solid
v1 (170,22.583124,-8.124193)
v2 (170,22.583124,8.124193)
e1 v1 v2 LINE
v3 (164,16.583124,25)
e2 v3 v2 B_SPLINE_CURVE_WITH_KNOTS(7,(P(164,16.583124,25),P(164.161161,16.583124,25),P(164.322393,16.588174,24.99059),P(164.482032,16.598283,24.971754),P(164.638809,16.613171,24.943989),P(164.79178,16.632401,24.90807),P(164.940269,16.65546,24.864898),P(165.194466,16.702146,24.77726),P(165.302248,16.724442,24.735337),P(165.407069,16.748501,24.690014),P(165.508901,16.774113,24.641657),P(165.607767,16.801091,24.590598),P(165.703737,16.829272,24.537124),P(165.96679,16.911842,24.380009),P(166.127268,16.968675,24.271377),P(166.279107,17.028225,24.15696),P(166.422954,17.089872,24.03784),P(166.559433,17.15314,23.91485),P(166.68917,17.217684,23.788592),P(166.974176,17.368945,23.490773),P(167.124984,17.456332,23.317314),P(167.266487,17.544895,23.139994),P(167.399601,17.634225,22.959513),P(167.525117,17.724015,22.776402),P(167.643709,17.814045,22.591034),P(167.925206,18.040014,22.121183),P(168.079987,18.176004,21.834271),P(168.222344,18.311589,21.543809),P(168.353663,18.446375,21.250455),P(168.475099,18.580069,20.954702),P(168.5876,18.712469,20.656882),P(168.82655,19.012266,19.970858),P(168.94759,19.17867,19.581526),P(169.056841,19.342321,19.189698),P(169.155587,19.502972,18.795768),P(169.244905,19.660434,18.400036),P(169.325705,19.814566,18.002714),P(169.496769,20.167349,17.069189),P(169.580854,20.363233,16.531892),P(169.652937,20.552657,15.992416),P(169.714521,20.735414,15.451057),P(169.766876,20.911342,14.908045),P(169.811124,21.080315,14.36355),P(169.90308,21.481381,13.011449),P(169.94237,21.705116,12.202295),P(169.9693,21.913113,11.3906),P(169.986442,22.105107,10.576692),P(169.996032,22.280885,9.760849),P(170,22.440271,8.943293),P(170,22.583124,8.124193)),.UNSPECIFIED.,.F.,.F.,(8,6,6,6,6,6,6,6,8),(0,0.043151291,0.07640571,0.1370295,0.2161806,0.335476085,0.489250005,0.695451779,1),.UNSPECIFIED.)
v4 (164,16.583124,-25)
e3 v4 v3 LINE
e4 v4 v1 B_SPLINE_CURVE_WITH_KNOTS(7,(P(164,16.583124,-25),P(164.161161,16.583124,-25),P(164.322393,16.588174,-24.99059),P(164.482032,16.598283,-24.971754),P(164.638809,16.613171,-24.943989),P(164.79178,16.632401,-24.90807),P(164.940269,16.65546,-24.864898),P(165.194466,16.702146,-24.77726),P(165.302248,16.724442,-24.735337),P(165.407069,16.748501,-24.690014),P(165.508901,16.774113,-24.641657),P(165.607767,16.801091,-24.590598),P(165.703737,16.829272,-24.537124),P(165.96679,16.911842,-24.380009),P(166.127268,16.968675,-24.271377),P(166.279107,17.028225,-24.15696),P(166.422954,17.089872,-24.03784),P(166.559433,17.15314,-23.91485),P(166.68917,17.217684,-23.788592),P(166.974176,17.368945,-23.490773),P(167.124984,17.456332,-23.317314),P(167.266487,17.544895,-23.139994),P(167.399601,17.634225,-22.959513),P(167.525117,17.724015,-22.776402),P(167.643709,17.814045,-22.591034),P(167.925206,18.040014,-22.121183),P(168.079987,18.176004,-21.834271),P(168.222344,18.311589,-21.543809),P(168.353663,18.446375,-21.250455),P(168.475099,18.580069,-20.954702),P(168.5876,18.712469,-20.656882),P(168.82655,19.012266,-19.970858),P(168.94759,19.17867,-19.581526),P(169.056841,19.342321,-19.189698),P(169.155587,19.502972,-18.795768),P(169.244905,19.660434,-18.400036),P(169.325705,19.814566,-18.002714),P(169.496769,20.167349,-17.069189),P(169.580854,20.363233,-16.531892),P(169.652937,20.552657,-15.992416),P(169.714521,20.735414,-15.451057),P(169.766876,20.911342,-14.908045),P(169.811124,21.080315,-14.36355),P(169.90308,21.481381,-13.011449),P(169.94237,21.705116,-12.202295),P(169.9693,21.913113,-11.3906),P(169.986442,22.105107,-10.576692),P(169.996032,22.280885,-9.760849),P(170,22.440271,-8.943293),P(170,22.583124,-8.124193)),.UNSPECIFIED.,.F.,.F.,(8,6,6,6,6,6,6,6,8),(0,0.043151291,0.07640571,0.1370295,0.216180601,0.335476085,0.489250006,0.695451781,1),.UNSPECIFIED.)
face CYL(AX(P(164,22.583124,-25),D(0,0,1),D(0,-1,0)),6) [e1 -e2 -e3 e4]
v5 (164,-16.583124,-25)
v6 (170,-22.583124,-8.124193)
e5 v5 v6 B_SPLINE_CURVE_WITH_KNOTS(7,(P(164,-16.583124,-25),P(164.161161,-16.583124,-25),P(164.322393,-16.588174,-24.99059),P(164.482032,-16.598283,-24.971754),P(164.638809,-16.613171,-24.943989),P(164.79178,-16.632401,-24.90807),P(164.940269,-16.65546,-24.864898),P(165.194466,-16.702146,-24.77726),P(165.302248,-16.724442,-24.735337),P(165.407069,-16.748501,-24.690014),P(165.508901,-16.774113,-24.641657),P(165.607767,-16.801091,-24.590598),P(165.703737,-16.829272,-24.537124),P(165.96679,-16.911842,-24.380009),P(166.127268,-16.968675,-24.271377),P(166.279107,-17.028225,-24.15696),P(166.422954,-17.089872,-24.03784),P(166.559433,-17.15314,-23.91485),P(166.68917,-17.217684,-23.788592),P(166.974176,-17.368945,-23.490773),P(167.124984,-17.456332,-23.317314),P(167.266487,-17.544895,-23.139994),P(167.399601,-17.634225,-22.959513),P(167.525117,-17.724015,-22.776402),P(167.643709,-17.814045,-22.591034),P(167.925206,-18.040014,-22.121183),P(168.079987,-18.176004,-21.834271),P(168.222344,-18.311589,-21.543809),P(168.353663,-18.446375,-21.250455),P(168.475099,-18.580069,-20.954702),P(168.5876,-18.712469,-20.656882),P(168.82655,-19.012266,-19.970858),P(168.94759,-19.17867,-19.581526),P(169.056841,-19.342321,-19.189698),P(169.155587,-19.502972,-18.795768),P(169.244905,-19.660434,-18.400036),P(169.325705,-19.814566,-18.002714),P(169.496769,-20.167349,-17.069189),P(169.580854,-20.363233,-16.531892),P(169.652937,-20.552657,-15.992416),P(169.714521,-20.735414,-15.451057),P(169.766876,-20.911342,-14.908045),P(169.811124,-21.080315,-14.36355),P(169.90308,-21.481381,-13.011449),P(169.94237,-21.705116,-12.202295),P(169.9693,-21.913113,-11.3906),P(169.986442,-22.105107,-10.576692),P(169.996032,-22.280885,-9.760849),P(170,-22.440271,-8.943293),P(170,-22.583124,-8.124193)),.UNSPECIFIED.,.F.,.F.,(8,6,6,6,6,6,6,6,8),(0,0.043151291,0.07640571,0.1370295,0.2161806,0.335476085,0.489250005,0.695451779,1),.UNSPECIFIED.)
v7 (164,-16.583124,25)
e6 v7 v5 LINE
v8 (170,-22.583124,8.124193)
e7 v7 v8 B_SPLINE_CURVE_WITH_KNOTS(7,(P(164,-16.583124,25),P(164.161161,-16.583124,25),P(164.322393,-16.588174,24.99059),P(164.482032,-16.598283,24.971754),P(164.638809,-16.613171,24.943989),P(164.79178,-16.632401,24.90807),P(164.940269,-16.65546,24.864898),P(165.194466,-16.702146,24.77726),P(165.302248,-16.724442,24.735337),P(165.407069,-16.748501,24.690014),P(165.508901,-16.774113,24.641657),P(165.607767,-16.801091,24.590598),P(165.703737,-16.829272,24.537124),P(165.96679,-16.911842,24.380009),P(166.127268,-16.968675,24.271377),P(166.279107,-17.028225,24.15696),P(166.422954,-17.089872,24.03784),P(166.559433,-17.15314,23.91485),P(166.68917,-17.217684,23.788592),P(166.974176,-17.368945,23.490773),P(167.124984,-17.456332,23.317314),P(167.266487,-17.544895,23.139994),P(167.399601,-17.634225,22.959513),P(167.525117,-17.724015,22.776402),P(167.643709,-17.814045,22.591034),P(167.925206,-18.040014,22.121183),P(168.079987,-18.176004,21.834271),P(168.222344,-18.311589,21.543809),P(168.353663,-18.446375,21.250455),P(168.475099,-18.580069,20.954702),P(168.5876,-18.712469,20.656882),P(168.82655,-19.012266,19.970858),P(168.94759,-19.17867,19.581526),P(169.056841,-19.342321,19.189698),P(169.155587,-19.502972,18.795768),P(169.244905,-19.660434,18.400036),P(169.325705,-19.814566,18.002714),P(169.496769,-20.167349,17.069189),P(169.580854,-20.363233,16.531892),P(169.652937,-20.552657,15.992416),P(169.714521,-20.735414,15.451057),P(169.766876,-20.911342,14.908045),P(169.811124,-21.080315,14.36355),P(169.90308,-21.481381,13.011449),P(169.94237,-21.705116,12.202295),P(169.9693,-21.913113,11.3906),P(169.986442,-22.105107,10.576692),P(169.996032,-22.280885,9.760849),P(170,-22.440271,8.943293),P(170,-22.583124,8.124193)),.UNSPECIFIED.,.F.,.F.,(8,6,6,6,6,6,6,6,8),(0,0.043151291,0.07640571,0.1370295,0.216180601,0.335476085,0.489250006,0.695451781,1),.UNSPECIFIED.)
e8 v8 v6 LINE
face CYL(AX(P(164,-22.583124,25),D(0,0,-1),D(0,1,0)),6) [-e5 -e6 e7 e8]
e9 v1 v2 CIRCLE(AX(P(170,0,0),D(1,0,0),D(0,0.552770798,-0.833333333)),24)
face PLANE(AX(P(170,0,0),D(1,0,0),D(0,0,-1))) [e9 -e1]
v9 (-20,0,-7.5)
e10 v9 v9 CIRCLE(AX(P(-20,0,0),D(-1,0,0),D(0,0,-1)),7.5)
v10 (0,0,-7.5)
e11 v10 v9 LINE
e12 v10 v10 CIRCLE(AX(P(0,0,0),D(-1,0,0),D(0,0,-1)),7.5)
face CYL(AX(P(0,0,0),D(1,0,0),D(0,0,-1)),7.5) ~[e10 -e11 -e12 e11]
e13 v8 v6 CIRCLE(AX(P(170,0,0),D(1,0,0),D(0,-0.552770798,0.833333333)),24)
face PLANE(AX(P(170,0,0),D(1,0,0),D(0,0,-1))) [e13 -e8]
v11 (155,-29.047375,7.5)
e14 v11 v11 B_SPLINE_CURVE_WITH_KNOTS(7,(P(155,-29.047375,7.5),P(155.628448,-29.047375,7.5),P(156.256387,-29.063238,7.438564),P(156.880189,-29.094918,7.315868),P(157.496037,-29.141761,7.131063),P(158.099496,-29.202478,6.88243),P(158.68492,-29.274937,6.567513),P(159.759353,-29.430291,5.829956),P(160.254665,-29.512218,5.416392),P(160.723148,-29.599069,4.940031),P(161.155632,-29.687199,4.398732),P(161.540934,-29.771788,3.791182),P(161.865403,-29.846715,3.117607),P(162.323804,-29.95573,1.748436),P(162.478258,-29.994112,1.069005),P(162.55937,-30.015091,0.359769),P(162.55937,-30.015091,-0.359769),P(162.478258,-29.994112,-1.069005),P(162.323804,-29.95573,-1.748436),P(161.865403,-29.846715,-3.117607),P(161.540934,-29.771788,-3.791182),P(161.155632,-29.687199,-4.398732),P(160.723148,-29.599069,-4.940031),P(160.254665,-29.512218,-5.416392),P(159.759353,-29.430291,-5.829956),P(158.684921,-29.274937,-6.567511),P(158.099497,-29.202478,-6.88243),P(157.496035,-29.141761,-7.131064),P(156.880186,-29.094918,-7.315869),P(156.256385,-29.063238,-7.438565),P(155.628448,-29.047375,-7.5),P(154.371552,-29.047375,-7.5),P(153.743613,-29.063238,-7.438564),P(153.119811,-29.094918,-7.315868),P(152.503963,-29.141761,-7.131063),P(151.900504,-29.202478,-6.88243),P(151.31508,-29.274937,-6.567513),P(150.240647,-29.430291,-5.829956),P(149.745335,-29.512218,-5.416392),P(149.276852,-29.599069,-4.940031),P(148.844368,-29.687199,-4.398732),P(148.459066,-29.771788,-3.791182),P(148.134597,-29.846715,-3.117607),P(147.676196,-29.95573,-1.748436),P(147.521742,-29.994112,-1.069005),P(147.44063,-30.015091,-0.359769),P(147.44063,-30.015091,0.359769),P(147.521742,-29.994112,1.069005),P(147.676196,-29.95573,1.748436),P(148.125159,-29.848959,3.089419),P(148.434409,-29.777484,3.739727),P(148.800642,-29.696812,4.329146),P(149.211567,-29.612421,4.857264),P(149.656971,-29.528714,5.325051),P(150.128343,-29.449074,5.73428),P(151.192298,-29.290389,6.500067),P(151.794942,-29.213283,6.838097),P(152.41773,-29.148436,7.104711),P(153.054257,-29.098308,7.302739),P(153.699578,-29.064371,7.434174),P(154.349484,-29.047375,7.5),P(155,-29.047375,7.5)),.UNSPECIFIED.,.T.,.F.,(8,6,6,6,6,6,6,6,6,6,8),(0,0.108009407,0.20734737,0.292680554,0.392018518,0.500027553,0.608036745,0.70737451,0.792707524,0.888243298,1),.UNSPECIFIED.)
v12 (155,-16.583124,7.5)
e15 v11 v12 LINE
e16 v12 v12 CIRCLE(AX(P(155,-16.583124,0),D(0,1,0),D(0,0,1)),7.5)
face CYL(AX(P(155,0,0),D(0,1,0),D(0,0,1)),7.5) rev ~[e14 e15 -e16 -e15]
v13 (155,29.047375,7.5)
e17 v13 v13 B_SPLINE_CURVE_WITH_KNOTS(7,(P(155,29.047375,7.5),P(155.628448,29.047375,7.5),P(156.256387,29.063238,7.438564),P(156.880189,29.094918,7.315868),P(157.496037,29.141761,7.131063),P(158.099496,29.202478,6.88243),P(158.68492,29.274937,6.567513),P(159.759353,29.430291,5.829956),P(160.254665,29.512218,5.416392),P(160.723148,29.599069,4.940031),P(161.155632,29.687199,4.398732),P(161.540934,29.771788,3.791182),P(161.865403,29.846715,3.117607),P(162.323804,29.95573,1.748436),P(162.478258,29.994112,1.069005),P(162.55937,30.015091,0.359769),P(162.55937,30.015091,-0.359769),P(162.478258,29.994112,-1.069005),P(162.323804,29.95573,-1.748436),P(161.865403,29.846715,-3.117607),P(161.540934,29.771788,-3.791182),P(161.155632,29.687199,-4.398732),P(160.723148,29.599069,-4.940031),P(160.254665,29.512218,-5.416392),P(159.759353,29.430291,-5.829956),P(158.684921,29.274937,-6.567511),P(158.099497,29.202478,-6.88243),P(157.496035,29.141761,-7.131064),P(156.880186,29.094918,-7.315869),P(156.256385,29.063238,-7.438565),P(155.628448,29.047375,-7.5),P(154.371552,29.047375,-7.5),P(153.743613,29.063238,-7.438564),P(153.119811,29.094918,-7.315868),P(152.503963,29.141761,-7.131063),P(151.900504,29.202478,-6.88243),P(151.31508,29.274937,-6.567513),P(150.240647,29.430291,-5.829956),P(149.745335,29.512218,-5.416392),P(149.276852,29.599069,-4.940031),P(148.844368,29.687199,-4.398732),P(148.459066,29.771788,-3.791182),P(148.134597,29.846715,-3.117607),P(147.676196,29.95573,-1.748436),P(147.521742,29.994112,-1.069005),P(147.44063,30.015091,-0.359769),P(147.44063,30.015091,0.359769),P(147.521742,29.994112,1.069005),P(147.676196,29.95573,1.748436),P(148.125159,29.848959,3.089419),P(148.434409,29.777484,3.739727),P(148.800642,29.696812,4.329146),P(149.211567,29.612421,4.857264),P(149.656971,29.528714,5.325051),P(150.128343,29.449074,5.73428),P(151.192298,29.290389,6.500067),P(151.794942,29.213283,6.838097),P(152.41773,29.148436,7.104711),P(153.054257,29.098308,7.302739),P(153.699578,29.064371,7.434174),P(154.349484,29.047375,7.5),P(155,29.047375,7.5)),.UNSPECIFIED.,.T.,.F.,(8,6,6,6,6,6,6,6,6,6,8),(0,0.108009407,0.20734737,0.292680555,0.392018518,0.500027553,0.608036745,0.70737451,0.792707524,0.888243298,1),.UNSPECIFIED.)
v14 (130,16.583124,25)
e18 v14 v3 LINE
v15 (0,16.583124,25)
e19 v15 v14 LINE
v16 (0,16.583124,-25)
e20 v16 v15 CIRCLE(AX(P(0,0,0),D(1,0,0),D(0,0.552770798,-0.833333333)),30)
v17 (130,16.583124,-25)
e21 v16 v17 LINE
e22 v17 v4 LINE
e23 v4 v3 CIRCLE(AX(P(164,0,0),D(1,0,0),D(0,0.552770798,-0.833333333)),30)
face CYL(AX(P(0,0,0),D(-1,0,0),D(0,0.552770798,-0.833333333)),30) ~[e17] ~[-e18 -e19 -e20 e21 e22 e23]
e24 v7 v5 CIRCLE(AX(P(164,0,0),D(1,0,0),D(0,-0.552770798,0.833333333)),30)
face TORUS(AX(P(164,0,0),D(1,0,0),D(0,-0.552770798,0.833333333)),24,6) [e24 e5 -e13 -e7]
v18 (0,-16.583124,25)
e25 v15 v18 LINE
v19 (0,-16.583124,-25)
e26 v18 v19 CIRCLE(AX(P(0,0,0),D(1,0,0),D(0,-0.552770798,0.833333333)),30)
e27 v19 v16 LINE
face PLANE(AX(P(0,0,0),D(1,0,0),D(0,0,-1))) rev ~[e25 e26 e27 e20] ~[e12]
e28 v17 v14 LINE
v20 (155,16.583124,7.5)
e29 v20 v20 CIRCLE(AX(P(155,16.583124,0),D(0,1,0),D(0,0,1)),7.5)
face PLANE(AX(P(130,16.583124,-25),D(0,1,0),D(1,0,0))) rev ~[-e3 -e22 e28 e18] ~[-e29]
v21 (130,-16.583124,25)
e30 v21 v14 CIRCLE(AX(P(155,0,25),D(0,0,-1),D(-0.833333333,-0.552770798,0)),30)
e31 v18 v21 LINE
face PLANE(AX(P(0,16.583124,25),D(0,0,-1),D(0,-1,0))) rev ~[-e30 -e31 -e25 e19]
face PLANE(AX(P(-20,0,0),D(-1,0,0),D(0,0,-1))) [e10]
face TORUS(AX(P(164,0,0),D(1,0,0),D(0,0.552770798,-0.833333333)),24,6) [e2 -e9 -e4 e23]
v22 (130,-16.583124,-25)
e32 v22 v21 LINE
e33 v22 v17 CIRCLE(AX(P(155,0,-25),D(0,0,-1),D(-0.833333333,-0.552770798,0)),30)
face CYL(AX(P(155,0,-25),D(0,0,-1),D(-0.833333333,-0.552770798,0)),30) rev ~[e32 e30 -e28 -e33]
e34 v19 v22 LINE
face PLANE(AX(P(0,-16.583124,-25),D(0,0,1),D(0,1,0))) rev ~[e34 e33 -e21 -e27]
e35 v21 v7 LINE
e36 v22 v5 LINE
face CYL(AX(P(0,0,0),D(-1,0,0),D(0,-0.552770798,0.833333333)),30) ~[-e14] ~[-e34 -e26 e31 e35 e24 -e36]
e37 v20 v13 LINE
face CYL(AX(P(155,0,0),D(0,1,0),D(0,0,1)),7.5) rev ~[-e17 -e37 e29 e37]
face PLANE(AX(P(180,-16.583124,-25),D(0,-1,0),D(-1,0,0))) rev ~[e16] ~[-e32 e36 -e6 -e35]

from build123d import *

# Parameters (mm, degrees)
BOSS_EXTRUDE1_DEPTH = 170
SKETCH5_R           = 7.5
BOSS_EXTRUDE2_DEPTH = 20
CUT_EXTRUDE1_DEPTH  = 180.722007556
SKETCH8_R           = 7.5
CUT_EXTRUDE2_DEPTH  = 48.5
FILLET1_R           = 6


with BuildPart() as part:
    # Sketch1 → Boss-Extrude1 (new body)
    with BuildSketch(Plane(origin=(0, 0, 0), x_dir=(0, 0, -1), z_dir=(1, 0, 0))):
        with BuildLine():
            Line((-25, 16.583123952), (-25, -16.583123952))
            ThreePointArc((-25, -16.583123952), (0, -30), (25, -16.583123952))
            Line((25, -16.583123952), (25, 16.583123952))
            ThreePointArc((25, 16.583123952), (0, 30), (-25, 16.583123952))
        make_face()
    extrude(amount=BOSS_EXTRUDE1_DEPTH)

    # Sketch5 → Boss-Extrude2 (add)
    with BuildSketch(Plane.ZY):
        with Locations(Location((0, 0, 0), (0, 0, 180))):
            Circle(SKETCH5_R)
    extrude(amount=BOSS_EXTRUDE2_DEPTH)

    # Sketch7 → Cut-Extrude1 (cut, through all)
    with BuildSketch(Plane(origin=(0, 0, -25), x_dir=(-1, 0, 0), z_dir=(0, 0, -1))):
        with BuildLine():
            Line((-180, -16.583123952), (-130, -16.583123952))
            ThreePointArc((-130, -16.583123952), (-125, 0), (-130, 16.583123952))
            Line((-130, 16.583123952), (-180, 16.583123952))
            ThreePointArc((-180, 16.583123952), (-185, 0), (-180, -16.583123952))
        make_face()
    extrude(amount=-CUT_EXTRUDE1_DEPTH, mode=Mode.SUBTRACT)

    # Sketch8 → Cut-Extrude2 (cut, symmetric)
    with BuildSketch(Plane(origin=(0, 0, 0), x_dir=(1, 0, 0), z_dir=(0, 1, 0))):
        with Locations(Location((155, 0, 0), (0, 0, 270))):
            Circle(SKETCH8_R)
    extrude(amount=CUT_EXTRUDE2_DEPTH, both=True, mode=Mode.SUBTRACT)

    # Fillet1
    fillet1_edges = [part.edges().sort_by_distance(p)[0] for p in [
        (170, 30, 0),
        (170, 16.583123952, 0),
        (170, -16.583123952, 0),
        (170, -30, 0),
    ]]
    fillet(fillet1_edges, radius=FILLET1_R)


solid = part.part
